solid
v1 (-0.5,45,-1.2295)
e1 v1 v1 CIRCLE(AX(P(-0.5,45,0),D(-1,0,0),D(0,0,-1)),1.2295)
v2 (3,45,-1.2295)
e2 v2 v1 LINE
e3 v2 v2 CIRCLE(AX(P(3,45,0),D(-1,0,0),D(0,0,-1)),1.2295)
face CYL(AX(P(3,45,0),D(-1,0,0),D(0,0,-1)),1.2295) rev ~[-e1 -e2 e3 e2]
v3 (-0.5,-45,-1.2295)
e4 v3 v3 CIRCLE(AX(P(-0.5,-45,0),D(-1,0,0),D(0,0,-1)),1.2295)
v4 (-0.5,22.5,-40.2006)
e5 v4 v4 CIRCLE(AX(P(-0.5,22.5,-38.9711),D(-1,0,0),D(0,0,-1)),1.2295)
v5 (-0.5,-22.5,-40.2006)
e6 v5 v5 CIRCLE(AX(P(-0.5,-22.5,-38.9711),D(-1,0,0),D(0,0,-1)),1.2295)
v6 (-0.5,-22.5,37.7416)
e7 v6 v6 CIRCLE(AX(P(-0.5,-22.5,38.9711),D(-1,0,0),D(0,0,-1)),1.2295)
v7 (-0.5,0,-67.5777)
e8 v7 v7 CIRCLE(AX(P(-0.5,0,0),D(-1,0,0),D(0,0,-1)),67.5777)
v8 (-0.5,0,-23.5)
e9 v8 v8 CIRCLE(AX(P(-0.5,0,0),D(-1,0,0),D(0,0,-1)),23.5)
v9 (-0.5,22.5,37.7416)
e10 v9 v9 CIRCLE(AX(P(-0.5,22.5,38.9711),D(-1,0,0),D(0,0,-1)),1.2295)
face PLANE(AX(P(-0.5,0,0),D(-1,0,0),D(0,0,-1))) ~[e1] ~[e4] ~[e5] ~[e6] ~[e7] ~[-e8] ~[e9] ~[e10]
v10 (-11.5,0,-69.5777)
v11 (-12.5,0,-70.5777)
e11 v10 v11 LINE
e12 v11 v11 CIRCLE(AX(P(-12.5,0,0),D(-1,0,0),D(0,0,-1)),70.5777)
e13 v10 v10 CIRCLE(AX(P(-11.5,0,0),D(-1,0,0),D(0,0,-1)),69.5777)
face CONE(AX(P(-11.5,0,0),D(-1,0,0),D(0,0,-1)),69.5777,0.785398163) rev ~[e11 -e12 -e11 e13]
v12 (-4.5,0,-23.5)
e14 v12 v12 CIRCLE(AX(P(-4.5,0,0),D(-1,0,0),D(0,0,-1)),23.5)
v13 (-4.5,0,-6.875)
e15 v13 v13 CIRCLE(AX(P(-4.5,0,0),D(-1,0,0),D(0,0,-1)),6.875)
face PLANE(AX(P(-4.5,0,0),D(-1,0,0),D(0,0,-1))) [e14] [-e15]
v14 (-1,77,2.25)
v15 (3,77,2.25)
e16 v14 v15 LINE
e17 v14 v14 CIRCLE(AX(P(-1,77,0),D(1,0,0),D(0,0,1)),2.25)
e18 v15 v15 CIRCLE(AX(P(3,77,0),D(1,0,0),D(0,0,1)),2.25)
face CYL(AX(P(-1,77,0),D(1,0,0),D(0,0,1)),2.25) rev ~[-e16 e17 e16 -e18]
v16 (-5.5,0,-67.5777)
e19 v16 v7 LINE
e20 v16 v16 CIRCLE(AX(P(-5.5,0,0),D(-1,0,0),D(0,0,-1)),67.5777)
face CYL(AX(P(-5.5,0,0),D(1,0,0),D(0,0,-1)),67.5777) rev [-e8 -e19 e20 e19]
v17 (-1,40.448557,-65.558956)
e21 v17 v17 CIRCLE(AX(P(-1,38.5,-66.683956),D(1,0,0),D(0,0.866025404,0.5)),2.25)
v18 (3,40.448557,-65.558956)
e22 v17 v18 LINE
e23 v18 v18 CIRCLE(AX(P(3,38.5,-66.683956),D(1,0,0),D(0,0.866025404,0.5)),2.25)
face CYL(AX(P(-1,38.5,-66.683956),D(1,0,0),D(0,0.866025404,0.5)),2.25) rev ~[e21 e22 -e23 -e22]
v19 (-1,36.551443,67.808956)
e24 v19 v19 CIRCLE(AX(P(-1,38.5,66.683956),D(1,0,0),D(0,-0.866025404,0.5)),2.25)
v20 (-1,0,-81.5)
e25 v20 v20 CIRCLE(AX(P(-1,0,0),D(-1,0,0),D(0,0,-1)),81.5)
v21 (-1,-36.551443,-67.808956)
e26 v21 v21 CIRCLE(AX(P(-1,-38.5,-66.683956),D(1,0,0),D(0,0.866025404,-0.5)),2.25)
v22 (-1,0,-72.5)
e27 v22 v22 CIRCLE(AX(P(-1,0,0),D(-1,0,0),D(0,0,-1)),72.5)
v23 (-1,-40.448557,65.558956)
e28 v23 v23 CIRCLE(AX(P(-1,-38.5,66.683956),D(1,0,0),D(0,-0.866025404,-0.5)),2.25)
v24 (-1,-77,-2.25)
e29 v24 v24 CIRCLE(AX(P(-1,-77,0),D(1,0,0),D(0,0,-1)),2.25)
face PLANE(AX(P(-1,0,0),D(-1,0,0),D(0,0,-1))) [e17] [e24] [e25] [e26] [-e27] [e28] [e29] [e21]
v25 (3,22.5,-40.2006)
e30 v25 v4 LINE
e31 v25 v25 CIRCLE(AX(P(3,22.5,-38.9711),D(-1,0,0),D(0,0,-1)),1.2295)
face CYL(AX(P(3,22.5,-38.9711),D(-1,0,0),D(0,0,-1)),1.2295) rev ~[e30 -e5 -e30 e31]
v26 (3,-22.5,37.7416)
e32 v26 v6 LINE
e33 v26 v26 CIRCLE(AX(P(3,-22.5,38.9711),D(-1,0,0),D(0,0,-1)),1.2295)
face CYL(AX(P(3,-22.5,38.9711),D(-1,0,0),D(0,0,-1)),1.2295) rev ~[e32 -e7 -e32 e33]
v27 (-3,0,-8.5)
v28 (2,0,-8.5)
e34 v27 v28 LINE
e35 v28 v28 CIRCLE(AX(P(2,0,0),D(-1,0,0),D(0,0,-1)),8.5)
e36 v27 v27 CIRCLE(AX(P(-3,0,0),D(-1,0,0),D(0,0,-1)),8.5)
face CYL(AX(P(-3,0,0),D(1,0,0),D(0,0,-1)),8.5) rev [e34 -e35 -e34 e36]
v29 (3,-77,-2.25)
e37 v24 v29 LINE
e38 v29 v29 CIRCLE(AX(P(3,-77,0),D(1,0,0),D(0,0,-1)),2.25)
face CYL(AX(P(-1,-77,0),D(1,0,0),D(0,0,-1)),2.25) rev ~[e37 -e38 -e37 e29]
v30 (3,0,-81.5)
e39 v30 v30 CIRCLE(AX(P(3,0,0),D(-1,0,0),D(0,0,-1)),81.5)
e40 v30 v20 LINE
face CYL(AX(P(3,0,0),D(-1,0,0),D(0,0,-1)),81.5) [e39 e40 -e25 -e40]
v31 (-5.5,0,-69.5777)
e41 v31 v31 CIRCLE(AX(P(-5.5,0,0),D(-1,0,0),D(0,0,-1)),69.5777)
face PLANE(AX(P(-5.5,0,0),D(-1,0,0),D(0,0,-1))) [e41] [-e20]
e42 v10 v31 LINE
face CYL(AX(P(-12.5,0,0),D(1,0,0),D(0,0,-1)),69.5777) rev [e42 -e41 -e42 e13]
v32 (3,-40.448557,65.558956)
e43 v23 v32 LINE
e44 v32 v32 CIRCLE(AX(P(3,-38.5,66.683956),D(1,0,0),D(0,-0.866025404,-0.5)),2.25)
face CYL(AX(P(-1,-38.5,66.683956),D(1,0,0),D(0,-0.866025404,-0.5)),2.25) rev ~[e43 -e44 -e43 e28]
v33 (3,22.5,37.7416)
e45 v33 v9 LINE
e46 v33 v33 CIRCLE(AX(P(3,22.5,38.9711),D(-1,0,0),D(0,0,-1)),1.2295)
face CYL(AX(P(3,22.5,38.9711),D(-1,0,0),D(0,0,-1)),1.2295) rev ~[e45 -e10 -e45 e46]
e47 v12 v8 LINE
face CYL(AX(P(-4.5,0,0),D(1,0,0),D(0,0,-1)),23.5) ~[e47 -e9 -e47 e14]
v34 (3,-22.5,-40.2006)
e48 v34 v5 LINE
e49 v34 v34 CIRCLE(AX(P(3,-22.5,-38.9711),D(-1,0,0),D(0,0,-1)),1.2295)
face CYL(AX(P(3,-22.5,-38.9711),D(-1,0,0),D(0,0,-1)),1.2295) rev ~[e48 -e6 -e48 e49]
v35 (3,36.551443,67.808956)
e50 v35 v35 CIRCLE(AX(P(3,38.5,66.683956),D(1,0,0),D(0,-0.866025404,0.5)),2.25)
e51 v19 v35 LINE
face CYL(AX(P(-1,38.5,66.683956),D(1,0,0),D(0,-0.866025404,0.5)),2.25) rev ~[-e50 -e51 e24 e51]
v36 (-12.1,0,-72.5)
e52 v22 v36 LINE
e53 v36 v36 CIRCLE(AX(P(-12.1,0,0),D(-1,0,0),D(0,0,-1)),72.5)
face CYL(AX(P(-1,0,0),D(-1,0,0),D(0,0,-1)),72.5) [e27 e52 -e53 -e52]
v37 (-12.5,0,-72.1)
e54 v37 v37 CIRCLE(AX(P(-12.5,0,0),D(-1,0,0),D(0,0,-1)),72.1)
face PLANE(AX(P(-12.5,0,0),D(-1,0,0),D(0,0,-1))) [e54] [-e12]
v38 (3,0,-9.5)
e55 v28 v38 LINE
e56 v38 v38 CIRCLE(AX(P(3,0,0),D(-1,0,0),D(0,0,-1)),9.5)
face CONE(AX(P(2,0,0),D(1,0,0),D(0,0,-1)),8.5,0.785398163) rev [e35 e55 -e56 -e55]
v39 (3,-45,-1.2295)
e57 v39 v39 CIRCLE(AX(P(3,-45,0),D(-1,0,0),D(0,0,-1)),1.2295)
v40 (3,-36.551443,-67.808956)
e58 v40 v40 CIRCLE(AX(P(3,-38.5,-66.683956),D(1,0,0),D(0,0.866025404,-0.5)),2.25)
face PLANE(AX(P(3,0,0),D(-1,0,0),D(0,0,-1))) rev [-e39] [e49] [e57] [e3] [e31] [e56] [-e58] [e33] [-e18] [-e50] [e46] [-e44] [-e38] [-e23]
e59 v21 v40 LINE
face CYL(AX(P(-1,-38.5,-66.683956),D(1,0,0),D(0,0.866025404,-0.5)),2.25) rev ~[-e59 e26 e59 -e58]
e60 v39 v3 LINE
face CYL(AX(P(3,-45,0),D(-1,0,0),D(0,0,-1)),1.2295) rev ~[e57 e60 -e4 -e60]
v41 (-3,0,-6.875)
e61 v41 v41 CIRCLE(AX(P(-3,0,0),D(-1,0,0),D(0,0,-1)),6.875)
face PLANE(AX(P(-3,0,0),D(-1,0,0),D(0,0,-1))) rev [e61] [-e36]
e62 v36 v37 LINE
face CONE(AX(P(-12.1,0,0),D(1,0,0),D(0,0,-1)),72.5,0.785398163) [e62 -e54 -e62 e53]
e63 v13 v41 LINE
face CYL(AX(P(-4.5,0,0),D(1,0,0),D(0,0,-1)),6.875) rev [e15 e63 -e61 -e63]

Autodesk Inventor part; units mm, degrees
ref_plane "YZ Plane" through (0, 0, 0) normal (1, 0, 0) x (0, 1, 0)
ref_plane "XZ Plane" through (0, 0, 0) normal (0, 1, 0) x (-1, 0, 0)
ref_plane "XY Plane" through (0, 0, 0) normal (0, 0, 1) x (1, 0, 0)
sketch "Sketch1" plane through (0, 0, 0) normal (0, 1, 0) x (-1, 0, 0)
  line L0 (0, -96.425) -> (0, 8.05) construction
  line L1 (-6.1, 0) -> (15.6, 0) construction
  line L2 (-3, -8.5) -> (-3, -72.5)
  line L3 (1, -72.5) -> (12.5, -72.5)
  line L4 (12.5, -72.5) -> (12.5, -69.5777)
  line L5 (12.5, -69.5777) -> (5.5, -69.5777)
  line L6 (4.5, -23.5) -> (4.5, -8.5)
  line L7 (3, -8.5) -> (-3, -8.5)
  line L8 (4.5, -8.5) -> (4.5, -6.875)
  line L9 (4.5, -6.875) -> (3, -6.875)
  line L10 (3, -6.875) -> (3, -8.5)
  line L11 (5.5, -69.5777) -> (5.5, -67.5777)
  line L12 (5.5, -67.5777) -> (4.5, -67.5777)
  line L13 (4.5, -23.5) -> (0.5, -23.5)
  line L14 (0.5, -23.5) -> (0.5, -67.5777)
  line L15 (0.5, -67.5777) -> (4.5, -67.5777)
  line L16 (-3, -72.5) -> (-3, -81.5)
  line L17 (-3, -81.5) -> (1, -81.5)
  line L18 (1, -81.5) -> (1, -72.5)
  dimension "d6" = 69.5777
  dimension "d7" = 8.5
  dimension "d15" = 1.5
  dimension "d17" = 6
  dimension "d18" = 1.625
  dimension "d22" = 7
  dimension "d23" = 1
  dimension "d24" = 2
  dimension "d25" = 64
  dimension "d26" = 4
  dimension "d27" = 15
  dimension "d29" = 4
  dimension "d30" = 9
revolve "Revolution1" add sketch "Sketch1" angle 360 about axis through (0, 0, 0) along (-1, 0, 0)
chamfer "Chamfer1" distance 1 angle 45 2 edges at (3, 0, 8.5) (-12.5, 0, 69.5777)
sketch "Sketch2" plane through (-1, 0, 0) normal (-1, 0, 0) x (0, 0, 1)
  line L0 (0, 114.1) -> (0, -114.1) construction
  line L1 (-114.1, 0) -> (114.1, 0) construction
  circle A0 centre (0, 0) radius 77 construction
  circle A1 centre (0, 0) radius 72.5 construction
  circle A2 centre (0, 0) radius 81.5 construction
  point P0 (0, 77)
  dimension "d31" = 4.5
  dimension "d32" = 4.5
hole "Hole1" at (-1, 77, 0) direction (1, 0, 0) diameter 4.5 end through all clearance for "Flat Head Machine Screw" size "M4" standard "Ansi Metric M Profile"
pattern_circular "Circular Pattern1" count 6 over 360 about axis through (-10, 0, 0) along (1, 0, 0) of "Hole1"
chamfer "Chamfer2" distance 0.4 angle 45 1 edges at (-12.5, 0, 72.5)
sketch "Sketch3" plane through (3, 0, 0) normal (1, 0, 0) x (0, 0, -1)
  line L0 (-114.1, 0) -> (114.1, 0) construction
  line L1 (0, -114.1) -> (0, 114.1) construction
  circle A0 centre (0, 0) radius 45 construction
  point P0 (0, 45)
  point P1 (-38.9711, 22.5)
  point P2 (-38.9711, -22.5)
  point P3 (0, -45)
  point P4 (38.9711, -22.5)
  point P5 (38.9711, 22.5)
  dimension "d46" = 90
  dimension "d49" = 360
hole "Hole2" at (3, 45, 0) at (3, 22.5, 38.9711) at (3, -22.5, 38.9711) at (3, -45, 0) at (3, -22.5, -38.9711) at (3, 22.5, -38.9711) direction (-1, 0, 0) diameter 2.459 depth 6.5 tip angle 118 thread size "M3x0.5" class "6H" standard "ANSI Metric M Profile"
equation "\"d6\" = 0.5 * D_ring"
equation "\"d31\" = d32"
equation "\"D_ring\" = D_ext"
equation "\"D_ext\" = 139.15534"
properties part number "Housing_stage" material "Aluminum 6061"
